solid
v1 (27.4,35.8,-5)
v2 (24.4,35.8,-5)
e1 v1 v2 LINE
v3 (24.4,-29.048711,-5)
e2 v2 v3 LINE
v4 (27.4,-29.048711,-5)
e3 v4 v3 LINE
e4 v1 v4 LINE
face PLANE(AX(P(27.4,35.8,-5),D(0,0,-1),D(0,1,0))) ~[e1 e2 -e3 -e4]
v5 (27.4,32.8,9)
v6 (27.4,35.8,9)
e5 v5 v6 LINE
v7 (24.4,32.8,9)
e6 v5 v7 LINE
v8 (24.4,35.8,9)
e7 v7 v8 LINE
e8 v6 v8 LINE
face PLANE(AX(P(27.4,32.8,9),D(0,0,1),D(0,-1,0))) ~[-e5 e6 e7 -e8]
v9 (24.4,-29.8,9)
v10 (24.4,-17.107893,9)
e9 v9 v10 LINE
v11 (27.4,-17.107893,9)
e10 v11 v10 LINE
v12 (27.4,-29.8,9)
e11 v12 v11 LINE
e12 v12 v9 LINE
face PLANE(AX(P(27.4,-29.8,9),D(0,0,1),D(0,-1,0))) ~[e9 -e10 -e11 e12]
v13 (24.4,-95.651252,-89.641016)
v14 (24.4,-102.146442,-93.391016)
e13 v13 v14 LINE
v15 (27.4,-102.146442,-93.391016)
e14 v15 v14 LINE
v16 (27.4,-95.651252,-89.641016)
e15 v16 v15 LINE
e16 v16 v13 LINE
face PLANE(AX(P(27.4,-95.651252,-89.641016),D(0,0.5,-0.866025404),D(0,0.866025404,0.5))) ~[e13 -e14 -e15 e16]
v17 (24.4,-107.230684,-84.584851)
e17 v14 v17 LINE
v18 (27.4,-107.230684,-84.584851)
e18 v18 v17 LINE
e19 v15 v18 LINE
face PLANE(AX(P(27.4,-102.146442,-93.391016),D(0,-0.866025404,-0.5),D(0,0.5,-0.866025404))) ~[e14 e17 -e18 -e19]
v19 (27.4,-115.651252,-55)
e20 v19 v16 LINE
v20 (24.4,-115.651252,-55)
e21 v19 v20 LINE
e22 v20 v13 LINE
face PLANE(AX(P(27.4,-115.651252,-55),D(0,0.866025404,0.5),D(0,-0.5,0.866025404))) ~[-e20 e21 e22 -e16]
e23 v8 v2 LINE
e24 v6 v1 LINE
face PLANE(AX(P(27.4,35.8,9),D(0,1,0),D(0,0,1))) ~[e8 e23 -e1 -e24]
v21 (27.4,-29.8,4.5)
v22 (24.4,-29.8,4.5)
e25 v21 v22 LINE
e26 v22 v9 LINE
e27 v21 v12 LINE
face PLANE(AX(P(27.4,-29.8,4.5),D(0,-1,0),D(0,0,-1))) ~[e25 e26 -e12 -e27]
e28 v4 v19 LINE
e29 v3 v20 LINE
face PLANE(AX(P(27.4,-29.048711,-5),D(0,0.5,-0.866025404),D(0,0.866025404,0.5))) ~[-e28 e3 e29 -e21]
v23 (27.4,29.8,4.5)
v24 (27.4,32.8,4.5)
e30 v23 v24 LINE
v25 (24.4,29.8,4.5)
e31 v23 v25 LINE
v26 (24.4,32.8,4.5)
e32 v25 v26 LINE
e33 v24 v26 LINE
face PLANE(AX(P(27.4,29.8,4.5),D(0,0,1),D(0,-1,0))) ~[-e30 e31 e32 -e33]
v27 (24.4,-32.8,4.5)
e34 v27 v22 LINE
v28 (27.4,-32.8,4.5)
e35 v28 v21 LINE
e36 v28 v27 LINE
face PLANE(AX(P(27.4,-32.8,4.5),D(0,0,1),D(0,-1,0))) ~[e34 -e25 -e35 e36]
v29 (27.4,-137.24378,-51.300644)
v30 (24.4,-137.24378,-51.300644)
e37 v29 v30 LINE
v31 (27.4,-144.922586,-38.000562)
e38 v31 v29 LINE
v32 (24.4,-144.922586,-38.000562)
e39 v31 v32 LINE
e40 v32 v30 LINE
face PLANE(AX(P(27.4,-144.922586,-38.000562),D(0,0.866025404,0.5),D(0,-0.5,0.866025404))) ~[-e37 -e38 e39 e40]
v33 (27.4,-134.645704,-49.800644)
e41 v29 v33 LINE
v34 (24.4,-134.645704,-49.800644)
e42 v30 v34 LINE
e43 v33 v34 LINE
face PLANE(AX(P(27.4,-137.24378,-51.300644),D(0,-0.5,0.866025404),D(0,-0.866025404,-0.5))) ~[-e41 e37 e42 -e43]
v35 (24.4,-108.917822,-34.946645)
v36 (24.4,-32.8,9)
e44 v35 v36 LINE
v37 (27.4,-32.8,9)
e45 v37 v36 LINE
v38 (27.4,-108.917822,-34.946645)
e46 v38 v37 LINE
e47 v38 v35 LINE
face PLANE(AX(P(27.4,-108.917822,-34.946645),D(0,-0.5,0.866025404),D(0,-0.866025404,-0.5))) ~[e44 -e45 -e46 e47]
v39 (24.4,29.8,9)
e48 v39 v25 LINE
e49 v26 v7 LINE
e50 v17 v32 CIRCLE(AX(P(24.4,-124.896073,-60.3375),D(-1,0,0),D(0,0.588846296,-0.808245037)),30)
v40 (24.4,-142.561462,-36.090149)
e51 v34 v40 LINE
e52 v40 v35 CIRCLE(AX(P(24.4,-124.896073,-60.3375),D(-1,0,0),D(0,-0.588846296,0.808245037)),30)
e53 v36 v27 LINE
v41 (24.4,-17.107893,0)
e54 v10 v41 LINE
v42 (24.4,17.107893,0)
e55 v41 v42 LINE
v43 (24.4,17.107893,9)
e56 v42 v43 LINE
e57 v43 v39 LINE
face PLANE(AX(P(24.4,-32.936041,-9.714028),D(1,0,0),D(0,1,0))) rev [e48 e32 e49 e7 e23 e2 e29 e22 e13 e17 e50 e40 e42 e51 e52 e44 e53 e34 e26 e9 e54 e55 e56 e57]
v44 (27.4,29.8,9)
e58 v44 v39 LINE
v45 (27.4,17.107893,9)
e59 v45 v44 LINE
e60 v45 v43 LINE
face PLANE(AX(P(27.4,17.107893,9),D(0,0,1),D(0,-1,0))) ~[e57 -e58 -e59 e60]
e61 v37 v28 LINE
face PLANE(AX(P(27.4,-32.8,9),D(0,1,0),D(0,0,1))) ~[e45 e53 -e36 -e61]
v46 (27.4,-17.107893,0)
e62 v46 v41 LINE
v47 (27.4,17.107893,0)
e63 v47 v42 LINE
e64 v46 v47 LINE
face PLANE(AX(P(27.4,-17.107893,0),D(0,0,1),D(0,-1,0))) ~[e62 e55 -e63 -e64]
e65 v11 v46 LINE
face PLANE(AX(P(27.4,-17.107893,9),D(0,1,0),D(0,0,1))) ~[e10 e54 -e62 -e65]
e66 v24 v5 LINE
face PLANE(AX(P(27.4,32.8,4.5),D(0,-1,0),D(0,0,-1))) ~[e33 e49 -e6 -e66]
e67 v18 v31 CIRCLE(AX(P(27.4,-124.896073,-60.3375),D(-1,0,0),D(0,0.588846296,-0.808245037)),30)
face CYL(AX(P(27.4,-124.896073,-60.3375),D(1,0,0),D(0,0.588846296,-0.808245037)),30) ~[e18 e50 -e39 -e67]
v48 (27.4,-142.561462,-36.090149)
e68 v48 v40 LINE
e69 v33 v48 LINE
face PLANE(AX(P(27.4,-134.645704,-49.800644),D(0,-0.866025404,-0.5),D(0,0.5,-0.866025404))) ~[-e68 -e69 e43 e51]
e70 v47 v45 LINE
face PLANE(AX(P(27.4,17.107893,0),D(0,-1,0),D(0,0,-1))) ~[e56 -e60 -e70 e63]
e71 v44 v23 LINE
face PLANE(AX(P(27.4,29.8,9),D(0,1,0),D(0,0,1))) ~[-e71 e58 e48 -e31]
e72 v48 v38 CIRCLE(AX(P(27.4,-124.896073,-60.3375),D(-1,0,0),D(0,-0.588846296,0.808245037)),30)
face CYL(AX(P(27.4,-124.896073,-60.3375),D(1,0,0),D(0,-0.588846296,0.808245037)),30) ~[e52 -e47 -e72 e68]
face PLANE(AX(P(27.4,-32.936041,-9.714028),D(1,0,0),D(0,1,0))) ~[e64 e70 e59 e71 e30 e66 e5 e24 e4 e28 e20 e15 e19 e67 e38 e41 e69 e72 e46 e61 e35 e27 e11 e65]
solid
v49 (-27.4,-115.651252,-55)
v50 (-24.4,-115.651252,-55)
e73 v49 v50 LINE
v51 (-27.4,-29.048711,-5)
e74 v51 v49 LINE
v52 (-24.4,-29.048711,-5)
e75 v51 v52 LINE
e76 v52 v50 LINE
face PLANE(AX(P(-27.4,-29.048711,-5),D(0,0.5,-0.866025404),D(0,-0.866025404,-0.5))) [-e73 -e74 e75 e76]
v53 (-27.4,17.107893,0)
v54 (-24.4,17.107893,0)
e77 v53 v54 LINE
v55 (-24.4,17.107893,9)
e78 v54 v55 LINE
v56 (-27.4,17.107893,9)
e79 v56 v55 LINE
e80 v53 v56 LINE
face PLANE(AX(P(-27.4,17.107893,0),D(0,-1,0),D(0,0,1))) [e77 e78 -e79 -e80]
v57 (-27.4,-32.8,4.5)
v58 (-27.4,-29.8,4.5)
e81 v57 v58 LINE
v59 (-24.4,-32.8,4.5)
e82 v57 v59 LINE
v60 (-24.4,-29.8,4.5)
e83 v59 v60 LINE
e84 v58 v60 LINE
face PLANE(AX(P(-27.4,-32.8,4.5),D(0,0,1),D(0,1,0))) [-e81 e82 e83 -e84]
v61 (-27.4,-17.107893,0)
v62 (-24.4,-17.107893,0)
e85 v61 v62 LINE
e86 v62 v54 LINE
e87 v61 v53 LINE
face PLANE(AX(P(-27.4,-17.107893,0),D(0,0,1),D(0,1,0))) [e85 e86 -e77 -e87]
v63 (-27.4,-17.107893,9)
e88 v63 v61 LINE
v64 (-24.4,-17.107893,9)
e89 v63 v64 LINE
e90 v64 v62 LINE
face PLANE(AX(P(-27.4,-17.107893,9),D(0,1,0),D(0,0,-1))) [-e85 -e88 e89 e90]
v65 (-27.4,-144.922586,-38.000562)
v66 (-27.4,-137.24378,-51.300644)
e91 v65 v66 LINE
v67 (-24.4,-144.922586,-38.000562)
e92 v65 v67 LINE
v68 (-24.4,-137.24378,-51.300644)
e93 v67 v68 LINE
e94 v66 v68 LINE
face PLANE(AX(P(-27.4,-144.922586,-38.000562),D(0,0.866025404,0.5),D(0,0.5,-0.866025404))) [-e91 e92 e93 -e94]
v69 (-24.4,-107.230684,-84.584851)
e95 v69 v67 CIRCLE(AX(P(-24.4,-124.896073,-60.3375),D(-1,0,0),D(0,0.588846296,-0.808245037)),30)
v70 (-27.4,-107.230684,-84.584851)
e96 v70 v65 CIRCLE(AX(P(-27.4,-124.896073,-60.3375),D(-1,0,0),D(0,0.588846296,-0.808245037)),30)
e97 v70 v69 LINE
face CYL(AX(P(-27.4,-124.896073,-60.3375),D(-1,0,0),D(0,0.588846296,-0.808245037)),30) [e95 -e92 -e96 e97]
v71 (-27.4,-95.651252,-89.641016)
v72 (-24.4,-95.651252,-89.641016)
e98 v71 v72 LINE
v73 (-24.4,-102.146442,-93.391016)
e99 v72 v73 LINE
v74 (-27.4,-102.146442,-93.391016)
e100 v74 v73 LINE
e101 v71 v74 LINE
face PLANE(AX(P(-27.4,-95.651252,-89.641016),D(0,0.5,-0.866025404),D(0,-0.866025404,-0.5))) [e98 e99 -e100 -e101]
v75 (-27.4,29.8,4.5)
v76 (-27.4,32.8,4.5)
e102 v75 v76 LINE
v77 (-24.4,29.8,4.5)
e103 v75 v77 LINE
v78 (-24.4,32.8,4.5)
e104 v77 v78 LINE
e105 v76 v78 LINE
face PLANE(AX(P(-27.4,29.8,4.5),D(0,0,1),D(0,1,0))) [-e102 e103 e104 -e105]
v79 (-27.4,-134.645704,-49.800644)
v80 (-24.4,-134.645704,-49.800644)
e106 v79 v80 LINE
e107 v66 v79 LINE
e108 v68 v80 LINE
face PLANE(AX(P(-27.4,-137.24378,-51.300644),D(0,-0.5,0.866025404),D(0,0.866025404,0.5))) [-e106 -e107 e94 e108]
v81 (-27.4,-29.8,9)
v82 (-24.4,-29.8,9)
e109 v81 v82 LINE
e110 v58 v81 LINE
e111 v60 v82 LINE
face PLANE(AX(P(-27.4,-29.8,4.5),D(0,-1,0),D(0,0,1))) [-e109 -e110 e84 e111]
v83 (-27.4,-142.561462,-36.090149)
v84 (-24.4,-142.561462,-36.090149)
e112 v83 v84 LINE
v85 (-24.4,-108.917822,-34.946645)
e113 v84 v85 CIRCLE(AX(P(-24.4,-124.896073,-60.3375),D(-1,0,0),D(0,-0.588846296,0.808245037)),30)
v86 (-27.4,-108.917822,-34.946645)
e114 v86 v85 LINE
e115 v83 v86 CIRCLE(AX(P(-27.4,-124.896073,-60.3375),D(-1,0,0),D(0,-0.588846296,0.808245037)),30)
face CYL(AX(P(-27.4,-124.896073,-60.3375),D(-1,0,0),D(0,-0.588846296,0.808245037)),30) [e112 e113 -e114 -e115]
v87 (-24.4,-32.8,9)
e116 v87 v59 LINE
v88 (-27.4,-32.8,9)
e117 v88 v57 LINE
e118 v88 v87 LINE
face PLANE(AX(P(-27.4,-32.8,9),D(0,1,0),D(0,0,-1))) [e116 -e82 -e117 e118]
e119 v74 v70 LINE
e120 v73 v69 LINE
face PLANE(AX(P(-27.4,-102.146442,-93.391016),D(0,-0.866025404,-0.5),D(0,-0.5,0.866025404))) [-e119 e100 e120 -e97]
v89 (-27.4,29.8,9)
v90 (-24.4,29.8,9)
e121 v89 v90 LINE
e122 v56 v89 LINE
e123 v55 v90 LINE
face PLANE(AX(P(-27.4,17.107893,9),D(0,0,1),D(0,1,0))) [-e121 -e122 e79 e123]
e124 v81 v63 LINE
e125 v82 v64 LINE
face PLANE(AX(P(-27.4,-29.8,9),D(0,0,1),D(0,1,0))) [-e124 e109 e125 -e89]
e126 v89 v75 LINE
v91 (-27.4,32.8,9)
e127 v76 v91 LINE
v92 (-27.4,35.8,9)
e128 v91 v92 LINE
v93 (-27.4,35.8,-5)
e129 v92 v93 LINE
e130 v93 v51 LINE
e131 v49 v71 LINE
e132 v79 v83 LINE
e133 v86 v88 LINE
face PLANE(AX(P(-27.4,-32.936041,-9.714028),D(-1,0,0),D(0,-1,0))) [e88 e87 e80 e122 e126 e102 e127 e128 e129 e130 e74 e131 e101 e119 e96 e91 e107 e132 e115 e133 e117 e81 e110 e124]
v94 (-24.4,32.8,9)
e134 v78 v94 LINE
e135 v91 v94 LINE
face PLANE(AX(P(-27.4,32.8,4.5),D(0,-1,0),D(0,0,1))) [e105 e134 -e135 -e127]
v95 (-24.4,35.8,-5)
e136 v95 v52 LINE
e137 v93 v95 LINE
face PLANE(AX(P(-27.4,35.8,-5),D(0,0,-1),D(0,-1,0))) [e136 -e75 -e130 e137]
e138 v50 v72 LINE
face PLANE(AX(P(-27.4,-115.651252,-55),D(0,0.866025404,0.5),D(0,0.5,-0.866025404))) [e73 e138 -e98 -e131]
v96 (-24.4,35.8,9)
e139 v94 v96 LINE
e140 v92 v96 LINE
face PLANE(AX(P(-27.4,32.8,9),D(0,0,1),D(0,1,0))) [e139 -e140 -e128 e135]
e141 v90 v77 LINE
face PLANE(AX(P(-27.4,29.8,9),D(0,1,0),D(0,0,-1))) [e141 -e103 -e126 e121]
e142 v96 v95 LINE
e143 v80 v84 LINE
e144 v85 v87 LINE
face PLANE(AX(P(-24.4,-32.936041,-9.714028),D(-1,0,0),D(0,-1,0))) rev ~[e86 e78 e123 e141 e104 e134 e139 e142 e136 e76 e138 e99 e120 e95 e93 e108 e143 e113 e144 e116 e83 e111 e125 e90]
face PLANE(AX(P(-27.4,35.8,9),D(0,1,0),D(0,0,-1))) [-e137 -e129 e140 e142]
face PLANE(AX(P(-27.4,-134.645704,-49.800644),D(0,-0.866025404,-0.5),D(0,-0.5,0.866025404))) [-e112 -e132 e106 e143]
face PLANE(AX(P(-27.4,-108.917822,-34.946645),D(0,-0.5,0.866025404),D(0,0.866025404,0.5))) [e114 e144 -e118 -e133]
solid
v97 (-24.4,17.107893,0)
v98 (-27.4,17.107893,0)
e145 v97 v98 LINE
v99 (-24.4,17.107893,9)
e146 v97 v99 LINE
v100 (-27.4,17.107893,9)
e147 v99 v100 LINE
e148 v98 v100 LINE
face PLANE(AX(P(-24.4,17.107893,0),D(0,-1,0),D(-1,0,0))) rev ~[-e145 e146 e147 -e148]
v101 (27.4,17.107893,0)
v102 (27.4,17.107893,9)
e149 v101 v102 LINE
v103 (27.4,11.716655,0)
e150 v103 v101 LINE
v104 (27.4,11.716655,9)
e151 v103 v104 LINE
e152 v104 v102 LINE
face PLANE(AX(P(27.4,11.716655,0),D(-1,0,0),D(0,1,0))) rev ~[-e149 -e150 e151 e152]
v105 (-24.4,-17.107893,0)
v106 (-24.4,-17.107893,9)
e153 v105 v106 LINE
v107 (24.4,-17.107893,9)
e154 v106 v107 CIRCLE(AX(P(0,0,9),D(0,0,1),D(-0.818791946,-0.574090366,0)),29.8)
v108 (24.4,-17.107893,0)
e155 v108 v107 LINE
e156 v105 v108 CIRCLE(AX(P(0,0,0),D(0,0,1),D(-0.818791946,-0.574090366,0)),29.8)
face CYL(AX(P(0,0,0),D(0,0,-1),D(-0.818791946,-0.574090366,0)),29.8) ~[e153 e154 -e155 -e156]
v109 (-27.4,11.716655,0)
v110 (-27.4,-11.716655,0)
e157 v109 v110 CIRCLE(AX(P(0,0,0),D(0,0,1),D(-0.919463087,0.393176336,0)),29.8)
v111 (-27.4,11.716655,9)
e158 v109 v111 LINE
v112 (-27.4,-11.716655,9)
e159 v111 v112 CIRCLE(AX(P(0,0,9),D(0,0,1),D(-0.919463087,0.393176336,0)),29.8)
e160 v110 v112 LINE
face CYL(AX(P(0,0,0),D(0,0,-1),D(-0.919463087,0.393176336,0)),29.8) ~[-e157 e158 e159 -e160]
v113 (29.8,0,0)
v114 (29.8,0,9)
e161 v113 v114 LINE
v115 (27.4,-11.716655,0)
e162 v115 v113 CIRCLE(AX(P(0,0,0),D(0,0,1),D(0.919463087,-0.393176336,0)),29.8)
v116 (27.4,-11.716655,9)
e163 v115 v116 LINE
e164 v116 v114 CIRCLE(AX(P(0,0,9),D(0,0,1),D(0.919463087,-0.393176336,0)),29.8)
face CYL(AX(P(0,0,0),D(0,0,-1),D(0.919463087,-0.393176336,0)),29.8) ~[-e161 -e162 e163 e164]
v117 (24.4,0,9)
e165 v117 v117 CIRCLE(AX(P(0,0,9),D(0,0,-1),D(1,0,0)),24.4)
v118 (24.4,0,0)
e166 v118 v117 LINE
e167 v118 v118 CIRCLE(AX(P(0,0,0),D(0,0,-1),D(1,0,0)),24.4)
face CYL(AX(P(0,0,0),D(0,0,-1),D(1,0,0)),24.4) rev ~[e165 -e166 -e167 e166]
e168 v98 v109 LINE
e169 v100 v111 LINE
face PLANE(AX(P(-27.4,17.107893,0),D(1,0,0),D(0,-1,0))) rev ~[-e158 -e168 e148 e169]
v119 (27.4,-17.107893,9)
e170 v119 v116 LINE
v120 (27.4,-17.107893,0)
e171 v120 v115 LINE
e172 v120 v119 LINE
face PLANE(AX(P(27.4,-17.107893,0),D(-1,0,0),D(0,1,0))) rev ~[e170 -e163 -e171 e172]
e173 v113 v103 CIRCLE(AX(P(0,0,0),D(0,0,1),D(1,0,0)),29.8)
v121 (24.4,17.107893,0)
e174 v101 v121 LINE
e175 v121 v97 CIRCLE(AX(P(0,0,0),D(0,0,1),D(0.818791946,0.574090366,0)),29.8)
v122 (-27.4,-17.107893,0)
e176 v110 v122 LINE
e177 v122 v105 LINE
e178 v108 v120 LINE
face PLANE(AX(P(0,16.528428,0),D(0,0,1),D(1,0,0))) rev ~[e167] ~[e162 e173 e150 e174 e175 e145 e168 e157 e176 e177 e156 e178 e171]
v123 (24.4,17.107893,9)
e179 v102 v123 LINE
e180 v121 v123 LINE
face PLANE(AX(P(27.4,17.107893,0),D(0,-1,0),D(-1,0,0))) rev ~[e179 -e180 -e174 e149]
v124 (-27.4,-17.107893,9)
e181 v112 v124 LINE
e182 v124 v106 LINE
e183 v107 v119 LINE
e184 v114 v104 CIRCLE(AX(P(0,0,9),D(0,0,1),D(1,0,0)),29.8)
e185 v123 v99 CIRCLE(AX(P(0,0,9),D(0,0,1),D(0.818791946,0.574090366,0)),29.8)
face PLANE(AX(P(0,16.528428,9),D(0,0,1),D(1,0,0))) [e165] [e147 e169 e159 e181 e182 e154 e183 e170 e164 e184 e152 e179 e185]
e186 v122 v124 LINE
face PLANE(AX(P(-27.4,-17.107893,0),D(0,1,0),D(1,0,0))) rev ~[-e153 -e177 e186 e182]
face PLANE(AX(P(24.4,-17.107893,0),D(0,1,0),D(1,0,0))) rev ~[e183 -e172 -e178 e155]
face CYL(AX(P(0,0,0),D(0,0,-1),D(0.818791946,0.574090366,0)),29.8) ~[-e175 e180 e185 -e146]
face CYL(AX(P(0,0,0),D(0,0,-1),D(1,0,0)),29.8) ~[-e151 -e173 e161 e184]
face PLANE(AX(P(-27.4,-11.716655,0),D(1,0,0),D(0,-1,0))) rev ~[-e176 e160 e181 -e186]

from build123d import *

# Parameters (mm, degrees)
F2_DEPTH = 9
F4_DEPTH = 3


with BuildPart() as f2:
    # F1 (on Top) → F2 (new body)
    with BuildSketch(Plane.XY):
        with BuildLine():
            Line((24.4, 0), (24.4, 17.1078929153))
            ThreePointArc((24.4, 17.1078929153), (0, 29.8), (-24.4, 17.1078929153))
            Line((-24.4, 17.1078929153), (-24.4, 0))
            ThreePointArc((-24.4, 0), (0, 24.4), (24.4, 0))
        make_face()
        with BuildLine():
            Line((27.4, 17.1078929153), (24.4, 17.1078929153))
            ThreePointArc((24.4, 17.1078929153), (26.0398994251, 14.4901220813), (27.4, 11.7166548127))
            Line((27.4, 11.7166548127), (27.4, 17.1078929153))
        make_face()
        with BuildLine():
            ThreePointArc((27.4, 11.7166548127), (26.0398994251, 14.4901220813), (24.4, 17.1078929153))
            Line((24.4, 17.1078929153), (24.4, 0))
            Line((24.4, 0), (24.4, -17.1078929153))
            ThreePointArc((24.4, -17.1078929153), (26.0398994251, -14.4901220813), (27.4, -11.7166548127))
            Line((27.4, -11.7166548127), (27.4, 11.7166548127))
        make_face()
        with BuildLine():
            Line((-24.4, 0), (-24.4, 17.1078929153))
            ThreePointArc((-24.4, 17.1078929153), (-26.0398994251, 14.4901220813), (-27.4, 11.7166548127))
            Line((-27.4, 11.7166548127), (-27.4, -11.7166548127))
            ThreePointArc((-27.4, -11.7166548127), (-26.0398994251, -14.4901220813), (-24.4, -17.1078929153))
            Line((-24.4, -17.1078929153), (-24.4, 0))
        make_face()
        with BuildLine():
            ThreePointArc((-27.4, 11.7166548127), (-26.0398994251, 14.4901220813), (-24.4, 17.1078929153))
            Line((-24.4, 17.1078929153), (-27.4, 17.1078929153))
            Line((-27.4, 17.1078929153), (-27.4, 11.7166548127))
        make_face()
        with BuildLine():
            ThreePointArc((29.8, 0), (29.1938349656, 5.9799665551), (27.4, 11.7166548127))
            Line((27.4, 11.7166548127), (27.4, -11.7166548127))
            ThreePointArc((27.4, -11.7166548127), (29.1938349656, -5.9799665551), (29.8, 0))
        make_face()
        with BuildLine():
            Line((24.4, -17.1078929153), (24.4, 0))
            ThreePointArc((24.4, 0), (0, -24.4), (-24.4, 0))
            Line((-24.4, 0), (-24.4, -17.1078929153))
            ThreePointArc((-24.4, -17.1078929153), (0, -29.8), (24.4, -17.1078929153))
        make_face()
        with BuildLine():
            Line((-27.4, -11.7166548127), (-27.4, 11.7166548127))
            ThreePointArc((-27.4, 11.7166548127), (-29.8, 0), (-27.4, -11.7166548127))
        make_face()
        with BuildLine():
            Line((27.4, -17.1078929153), (27.4, -11.7166548127))
            ThreePointArc((27.4, -11.7166548127), (26.0398994251, -14.4901220813), (24.4, -17.1078929153))
            Line((24.4, -17.1078929153), (27.4, -17.1078929153))
        make_face()
        with BuildLine():
            ThreePointArc((-24.4, -17.1078929153), (-26.0398994251, -14.4901220813), (-27.4, -11.7166548127))
            Line((-27.4, -11.7166548127), (-27.4, -17.1078929153))
            Line((-27.4, -17.1078929153), (-24.4, -17.1078929153))
        make_face()
    extrude(amount=F2_DEPTH)


with BuildPart() as f4:
    # F3 (on face) → F4 (new body)
    with BuildSketch(Plane(origin=(-27.4, 0, 0), x_dir=(0, -1, 0), z_dir=(-1, 0, 0))):
        with BuildLine():
            Line((-17.1078929153, 0), (-17.1078929153, 9))
            Line((-17.1078929153, 9), (-29.8, 9))
            Line((-29.8, 9), (-29.8, 4.5))
            Line((-29.8, 4.5), (-32.8, 4.5))
            Line((-32.8, 4.5), (-32.8, 9))
            Line((-32.8, 9), (-35.8, 9))
            Line((-35.8, 9), (-35.8, 0))
            Line((-35.8, 0), (-35.8, -5))
            Line((-35.8, -5), (29.048711306, -5))
            Line((29.048711306, -5), (98.9153107563, -45.3375))
            ThreePointArc((98.9153107563, -45.3375), (103.282832654, -39.5320236206), (108.9178222837, -34.9466451856))
            Line((108.9178222837, -34.9466451856), (32.8, 9))
            Line((32.8, 9), (32.8, 4.5))
            Line((32.8, 4.5), (29.8, 4.5))
            Line((29.8, 4.5), (29.8, 9))
            Line((29.8, 9), (17.1078929153, 9))
            Line((17.1078929153, 9), (17.1078929153, 0))
            Line((17.1078929153, 0), (0, 0))
            Line((0, 0), (-17.1078929153, 0))
        make_face()
        with BuildLine():
            ThreePointArc((142.5614617627, -36.0901489021), (125.9151455384, -30.354813481), (108.9178222837, -34.9466451856))
            ThreePointArc((108.9178222837, -34.9466451856), (103.282832654, -39.5320236206), (98.9153107563, -45.3375))
            Line((98.9153107563, -45.3375), (115.6512516844, -55))
            Line((115.6512516844, -55), (95.6512516844, -89.6410161514))
            Line((95.6512516844, -89.6410161514), (102.1464422128, -93.3910161514))
            Line((102.1464422128, -93.3910161514), (107.230683977, -84.5848510979))
            ThreePointArc((107.230683977, -84.5848510979), (148.2181164493, -79.2076426405), (144.9225856756, -38.0005623219))
            Line((144.9225856756, -38.0005623219), (137.2437797382, -51.300644347))
            Line((137.2437797382, -51.300644347), (134.6457035268, -49.800644347))
            Line((134.6457035268, -49.800644347), (142.5614617627, -36.0901489021))
        make_face()
    extrude(amount=-F4_DEPTH)


with BuildPart() as f5_1:
    # F5: instance of F4
    add(f4.part.mirror(Plane.YZ))


solid = Compound([f2.part, f4.part, f5_1.part])
